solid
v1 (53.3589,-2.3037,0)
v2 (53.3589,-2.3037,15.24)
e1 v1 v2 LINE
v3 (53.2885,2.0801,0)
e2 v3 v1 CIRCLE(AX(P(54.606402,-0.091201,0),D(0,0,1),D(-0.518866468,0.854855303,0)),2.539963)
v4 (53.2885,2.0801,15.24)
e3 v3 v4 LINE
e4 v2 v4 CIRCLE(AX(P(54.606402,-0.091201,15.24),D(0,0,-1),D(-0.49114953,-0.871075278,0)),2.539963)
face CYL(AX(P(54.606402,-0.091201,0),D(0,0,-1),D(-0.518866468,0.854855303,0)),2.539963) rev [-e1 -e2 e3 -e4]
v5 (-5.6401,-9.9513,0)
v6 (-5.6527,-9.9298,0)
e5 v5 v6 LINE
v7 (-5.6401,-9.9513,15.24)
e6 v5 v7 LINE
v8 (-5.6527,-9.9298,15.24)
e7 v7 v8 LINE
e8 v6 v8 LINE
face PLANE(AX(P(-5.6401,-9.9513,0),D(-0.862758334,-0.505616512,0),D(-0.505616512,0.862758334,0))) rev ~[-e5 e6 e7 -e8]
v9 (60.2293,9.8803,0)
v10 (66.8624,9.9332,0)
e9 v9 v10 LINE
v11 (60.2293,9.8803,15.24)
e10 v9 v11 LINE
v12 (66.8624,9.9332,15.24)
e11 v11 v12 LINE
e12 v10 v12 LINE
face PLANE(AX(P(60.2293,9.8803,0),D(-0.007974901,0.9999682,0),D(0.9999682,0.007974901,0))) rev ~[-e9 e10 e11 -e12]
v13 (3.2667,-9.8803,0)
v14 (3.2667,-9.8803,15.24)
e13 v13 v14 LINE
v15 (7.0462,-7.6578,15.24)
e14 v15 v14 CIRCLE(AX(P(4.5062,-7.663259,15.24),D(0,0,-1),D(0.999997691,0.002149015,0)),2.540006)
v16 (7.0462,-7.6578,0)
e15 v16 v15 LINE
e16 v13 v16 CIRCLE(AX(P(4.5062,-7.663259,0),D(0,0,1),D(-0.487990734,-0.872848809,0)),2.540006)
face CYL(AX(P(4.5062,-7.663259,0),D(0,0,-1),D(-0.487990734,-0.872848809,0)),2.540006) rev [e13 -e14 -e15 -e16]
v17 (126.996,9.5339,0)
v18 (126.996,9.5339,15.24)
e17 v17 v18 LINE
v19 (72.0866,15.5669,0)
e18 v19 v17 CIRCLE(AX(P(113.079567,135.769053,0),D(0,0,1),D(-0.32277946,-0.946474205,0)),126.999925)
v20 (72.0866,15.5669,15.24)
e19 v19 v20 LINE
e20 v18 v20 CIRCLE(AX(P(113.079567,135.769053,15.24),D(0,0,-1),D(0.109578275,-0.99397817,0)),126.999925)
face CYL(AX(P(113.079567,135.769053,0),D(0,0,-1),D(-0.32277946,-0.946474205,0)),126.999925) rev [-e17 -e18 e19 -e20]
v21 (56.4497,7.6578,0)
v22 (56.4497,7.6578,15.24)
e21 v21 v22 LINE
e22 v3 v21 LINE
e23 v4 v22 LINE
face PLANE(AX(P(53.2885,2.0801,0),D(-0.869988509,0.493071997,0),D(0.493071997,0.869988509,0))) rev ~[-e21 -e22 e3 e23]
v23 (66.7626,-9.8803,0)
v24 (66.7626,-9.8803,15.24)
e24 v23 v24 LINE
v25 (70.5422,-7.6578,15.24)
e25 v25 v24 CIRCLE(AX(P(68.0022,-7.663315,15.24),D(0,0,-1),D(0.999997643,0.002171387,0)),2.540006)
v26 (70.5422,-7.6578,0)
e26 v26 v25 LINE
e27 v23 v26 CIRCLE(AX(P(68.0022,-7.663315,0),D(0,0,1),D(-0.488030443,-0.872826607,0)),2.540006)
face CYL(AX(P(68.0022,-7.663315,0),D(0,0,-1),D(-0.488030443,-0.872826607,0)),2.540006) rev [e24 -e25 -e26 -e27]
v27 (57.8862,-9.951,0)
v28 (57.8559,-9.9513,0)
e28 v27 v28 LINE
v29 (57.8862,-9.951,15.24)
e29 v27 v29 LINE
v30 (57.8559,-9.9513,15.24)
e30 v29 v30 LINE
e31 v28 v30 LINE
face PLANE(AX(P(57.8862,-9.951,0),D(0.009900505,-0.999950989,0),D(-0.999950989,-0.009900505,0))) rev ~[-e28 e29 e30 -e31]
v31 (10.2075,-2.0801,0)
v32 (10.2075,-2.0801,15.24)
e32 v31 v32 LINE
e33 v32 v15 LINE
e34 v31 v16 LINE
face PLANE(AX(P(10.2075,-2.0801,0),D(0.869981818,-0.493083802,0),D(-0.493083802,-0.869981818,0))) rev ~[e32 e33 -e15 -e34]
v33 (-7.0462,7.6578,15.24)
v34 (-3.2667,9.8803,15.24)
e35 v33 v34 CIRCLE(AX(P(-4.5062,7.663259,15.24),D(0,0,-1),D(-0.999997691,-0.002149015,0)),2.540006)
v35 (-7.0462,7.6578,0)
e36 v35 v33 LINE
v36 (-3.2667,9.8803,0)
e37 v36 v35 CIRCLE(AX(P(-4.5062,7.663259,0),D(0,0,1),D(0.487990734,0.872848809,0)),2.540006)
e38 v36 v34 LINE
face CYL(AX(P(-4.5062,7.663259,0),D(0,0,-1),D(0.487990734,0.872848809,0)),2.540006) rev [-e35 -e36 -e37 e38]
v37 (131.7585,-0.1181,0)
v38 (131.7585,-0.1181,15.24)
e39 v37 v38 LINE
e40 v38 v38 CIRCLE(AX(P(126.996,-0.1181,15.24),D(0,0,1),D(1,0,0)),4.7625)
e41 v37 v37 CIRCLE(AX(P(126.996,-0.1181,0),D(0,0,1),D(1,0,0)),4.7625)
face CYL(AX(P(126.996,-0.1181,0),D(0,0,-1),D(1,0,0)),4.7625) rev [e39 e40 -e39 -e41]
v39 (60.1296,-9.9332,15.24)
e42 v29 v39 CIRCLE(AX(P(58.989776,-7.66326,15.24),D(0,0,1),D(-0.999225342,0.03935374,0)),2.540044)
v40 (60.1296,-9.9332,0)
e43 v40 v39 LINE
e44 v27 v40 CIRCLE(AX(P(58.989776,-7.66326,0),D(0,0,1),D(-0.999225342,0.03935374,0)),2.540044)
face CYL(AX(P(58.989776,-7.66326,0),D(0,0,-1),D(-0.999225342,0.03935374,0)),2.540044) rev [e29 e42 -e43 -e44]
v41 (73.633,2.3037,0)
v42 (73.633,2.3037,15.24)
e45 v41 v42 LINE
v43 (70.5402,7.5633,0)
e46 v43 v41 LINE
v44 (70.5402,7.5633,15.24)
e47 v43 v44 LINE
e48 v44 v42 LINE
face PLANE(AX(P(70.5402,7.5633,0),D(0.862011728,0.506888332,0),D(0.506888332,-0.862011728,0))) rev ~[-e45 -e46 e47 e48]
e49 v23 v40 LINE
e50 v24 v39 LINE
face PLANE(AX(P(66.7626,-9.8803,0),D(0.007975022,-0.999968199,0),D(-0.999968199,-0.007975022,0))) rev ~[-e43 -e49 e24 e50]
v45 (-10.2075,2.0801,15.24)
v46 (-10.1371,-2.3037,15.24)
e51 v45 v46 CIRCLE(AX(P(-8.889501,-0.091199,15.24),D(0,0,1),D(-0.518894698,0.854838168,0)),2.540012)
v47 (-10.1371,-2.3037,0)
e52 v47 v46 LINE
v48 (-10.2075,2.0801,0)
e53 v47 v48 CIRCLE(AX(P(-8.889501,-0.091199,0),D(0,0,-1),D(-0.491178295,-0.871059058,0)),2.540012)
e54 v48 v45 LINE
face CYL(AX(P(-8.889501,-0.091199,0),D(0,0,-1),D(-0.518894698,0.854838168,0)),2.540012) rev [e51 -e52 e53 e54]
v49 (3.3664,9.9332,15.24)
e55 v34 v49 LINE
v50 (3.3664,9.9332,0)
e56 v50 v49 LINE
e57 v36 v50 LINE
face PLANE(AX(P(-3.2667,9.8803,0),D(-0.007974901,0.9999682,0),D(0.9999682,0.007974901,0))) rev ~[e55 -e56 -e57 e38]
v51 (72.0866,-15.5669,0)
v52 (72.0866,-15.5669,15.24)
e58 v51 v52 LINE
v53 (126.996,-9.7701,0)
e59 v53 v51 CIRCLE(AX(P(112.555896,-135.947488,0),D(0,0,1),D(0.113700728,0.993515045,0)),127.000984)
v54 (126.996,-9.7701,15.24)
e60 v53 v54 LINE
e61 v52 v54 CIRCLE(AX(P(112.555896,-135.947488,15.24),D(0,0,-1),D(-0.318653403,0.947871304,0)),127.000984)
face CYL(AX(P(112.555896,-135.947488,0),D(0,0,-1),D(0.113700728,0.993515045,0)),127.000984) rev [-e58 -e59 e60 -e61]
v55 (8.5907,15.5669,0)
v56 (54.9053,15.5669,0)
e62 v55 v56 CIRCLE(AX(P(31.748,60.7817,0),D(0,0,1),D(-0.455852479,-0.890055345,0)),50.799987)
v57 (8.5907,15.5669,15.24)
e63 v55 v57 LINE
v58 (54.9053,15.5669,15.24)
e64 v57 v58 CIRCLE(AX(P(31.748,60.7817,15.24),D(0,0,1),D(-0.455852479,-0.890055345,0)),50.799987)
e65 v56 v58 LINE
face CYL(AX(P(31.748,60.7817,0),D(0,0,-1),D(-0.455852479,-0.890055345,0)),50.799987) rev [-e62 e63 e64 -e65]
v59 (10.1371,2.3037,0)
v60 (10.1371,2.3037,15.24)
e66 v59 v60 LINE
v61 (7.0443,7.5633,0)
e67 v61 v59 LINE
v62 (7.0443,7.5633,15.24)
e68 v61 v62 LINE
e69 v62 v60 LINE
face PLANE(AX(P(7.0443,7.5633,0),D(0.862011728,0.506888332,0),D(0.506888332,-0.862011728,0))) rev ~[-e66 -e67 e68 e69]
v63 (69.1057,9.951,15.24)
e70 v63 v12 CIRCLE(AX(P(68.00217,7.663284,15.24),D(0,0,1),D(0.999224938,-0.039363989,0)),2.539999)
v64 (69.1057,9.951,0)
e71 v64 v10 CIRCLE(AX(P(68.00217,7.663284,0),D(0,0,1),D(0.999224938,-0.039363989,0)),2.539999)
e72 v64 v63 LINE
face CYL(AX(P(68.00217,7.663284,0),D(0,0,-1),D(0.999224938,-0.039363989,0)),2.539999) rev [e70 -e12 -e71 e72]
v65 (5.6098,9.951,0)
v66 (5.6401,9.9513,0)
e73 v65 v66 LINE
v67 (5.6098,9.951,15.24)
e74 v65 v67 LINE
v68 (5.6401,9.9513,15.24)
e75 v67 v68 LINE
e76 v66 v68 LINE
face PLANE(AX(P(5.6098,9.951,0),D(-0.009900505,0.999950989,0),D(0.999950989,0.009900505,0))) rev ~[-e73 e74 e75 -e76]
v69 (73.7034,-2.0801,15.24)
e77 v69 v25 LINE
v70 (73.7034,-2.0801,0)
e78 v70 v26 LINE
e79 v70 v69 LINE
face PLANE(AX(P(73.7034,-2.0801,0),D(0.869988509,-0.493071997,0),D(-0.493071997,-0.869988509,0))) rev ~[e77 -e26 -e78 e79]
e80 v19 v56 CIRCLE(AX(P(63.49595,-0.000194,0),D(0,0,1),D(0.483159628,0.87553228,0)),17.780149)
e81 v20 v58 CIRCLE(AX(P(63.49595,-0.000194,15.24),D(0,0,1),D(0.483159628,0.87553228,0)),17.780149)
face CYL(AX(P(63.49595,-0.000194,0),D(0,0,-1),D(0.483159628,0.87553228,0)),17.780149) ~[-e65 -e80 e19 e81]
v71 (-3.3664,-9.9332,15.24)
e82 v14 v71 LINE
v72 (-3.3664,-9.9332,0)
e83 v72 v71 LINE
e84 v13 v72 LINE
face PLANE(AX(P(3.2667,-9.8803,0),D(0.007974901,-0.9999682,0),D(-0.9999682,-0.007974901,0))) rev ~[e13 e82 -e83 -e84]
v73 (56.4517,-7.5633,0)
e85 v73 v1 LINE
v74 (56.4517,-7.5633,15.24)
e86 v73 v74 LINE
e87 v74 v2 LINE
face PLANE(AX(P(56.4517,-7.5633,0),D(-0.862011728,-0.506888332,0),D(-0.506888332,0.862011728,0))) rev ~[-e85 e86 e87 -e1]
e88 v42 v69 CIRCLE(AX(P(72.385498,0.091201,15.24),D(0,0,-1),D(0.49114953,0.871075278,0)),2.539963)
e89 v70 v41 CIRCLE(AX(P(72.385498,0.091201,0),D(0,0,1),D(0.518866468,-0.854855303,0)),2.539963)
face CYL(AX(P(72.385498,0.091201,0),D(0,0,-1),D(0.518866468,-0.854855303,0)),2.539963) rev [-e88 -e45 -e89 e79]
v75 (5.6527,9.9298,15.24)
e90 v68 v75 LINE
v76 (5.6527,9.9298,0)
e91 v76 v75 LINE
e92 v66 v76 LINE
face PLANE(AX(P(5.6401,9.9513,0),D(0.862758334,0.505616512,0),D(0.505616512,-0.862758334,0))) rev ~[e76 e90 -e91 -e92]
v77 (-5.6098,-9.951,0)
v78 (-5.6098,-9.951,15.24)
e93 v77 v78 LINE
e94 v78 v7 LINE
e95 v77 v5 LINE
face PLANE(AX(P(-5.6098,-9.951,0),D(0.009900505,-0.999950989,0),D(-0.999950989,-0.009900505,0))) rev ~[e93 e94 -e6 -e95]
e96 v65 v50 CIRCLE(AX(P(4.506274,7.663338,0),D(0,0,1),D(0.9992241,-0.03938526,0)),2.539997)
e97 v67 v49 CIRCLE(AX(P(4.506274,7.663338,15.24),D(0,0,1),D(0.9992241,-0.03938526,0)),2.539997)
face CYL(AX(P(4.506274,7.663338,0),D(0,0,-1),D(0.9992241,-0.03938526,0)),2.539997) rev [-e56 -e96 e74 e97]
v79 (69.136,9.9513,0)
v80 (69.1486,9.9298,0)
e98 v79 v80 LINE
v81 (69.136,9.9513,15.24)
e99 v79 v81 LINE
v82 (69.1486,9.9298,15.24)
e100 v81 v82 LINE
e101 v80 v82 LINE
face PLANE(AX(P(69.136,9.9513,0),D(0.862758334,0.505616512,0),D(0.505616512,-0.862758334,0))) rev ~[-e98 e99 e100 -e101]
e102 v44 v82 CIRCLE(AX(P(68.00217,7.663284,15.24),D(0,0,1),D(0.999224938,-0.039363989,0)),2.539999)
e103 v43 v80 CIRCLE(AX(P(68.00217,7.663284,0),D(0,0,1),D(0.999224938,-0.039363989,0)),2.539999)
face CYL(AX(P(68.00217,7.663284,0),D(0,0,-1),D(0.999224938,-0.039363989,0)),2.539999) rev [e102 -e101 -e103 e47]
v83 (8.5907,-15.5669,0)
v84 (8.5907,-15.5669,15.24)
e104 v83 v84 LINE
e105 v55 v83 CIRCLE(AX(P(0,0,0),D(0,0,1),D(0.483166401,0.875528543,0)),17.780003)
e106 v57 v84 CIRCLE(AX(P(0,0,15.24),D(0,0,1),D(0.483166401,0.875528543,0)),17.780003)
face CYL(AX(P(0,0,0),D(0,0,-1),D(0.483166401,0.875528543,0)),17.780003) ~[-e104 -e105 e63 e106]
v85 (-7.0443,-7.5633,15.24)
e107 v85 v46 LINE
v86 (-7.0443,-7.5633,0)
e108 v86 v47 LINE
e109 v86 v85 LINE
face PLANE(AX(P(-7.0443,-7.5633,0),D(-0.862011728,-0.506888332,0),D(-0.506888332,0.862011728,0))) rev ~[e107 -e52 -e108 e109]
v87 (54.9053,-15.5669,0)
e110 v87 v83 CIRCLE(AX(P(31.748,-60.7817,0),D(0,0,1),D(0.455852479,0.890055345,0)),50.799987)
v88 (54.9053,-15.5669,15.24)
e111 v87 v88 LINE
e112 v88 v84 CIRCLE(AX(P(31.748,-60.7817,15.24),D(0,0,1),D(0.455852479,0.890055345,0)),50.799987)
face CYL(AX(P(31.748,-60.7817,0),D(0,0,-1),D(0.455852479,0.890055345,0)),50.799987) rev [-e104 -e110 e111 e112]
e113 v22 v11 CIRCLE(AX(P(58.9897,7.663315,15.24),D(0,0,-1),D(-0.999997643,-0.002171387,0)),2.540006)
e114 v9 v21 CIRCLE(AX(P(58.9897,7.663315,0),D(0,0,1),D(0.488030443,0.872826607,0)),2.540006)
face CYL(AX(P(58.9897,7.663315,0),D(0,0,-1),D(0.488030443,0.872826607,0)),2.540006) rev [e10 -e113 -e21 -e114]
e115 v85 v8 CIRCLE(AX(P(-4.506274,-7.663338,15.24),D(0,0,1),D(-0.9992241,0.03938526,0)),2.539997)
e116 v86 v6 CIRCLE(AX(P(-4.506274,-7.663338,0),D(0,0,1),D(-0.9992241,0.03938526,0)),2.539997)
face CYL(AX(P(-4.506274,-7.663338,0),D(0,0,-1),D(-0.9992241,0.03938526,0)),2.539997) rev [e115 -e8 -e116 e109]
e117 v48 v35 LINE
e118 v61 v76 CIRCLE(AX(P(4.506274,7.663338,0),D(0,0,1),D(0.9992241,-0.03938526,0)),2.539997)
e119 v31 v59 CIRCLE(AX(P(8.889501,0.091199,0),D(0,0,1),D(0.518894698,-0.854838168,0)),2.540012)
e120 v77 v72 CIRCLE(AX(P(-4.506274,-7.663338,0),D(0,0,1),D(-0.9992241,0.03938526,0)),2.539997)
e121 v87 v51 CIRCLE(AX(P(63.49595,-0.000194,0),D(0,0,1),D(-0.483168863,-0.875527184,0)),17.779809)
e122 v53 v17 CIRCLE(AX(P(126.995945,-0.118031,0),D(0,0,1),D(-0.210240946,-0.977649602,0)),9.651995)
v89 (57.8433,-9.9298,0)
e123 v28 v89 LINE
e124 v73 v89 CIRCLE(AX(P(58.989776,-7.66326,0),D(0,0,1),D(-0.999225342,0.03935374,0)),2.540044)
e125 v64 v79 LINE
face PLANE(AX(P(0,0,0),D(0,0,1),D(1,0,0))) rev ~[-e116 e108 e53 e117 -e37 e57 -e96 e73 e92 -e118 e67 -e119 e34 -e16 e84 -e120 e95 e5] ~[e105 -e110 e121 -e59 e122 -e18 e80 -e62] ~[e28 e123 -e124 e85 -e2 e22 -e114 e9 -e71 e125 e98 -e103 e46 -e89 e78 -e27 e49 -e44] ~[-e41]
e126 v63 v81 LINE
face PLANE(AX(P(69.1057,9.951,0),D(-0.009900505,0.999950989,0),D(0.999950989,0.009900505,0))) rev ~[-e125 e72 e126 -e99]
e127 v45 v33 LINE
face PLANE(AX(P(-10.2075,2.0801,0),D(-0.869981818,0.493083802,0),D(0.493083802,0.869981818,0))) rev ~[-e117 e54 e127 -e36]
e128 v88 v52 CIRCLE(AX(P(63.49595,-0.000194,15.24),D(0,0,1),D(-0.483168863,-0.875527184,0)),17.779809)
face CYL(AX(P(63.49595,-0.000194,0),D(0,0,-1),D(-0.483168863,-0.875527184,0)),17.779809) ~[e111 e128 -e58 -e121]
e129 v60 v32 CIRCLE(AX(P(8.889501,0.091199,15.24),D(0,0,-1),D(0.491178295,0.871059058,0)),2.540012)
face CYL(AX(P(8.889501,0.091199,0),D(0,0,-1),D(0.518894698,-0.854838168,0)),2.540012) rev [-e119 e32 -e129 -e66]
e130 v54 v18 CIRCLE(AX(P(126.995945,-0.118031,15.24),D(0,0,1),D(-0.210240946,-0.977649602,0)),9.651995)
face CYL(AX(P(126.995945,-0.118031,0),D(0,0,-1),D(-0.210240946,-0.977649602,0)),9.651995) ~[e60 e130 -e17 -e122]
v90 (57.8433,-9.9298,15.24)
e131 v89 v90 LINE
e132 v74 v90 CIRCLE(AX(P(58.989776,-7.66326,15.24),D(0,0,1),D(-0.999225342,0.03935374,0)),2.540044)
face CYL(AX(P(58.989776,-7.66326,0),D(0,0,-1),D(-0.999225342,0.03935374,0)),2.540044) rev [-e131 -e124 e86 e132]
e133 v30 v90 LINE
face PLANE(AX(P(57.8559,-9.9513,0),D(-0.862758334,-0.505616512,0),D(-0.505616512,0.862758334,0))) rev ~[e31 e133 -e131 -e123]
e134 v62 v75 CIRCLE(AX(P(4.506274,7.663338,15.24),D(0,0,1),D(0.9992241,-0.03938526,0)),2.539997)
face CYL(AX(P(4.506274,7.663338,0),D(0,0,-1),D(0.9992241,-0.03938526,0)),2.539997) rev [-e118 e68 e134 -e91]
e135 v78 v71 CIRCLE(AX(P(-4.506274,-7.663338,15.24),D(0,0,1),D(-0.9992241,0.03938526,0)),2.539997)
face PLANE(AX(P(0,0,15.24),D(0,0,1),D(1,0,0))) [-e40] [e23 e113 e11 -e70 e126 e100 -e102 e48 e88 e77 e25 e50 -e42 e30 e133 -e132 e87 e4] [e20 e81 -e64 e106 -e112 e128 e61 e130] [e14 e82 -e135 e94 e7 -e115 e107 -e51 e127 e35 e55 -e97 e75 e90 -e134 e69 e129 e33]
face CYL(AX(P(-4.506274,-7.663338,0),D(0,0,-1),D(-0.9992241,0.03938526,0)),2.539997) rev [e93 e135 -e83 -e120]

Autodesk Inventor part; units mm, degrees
ref_plane "YZ Plane" through (0, 0, 0) normal (1, 0, 0) x (0, 1, 0)
ref_plane "XZ Plane" through (0, 0, 0) normal (0, 1, 0) x (-1, 0, 0)
ref_plane "XY Plane" through (0, 0, 0) normal (0, 0, 1) x (1, 0, 0)
sketch "Sketch1" plane through (0, 0, 0) normal (0, 0, 1) x (1, 0, 0)
  line L0 (-11.4295, -0.0912) -> (-11.4381, -0.0912)
  line L1 (-5.798, 9.8601) -> (-5.7937, 9.8528)
  line L2 (5.6401, 9.9513) -> (5.6341, 9.9392)
  line L3 (11.4381, 0.0912) -> (11.4295, 0.0912)
  line L4 (5.798, -9.8601) -> (5.7937, -9.8528)
  line L5 (-5.6401, -9.9513) -> (-5.6341, -9.9392)
  arc A0 (-3.2667, 9.8803) -> (-7.0462, 7.6578) centre (-4.5062, 7.6633) ccw
  arc A1 (7.0443, 7.5633) -> (3.3664, 9.9332) centre (4.5062, 7.6633) ccw
  arc A2 (10.2075, -2.0801) -> (10.1371, 2.3037) centre (8.8895, 0.0912) ccw
  arc A3 (3.2667, -9.8803) -> (7.0462, -7.6578) centre (4.5062, -7.6633) ccw
  arc A4 (-7.0443, -7.5633) -> (-3.3664, -9.9332) centre (-4.5062, -7.6633) ccw
  arc A5 (-10.2075, 2.0801) -> (-10.1371, -2.3037) centre (-8.8895, -0.0912) ccw
  line L6 (-11.4295, -0.1058) -> (-11.4381, -0.0912)
  line L7 (-11.4381, -0.0912) -> (-11.4295, -0.076)
  line L8 (-10.2075, 2.0801) -> (-7.0462, 7.6578)
  line L9 (-5.8064, 9.8453) -> (-5.798, 9.8601)
  line L10 (-5.798, 9.8601) -> (-5.781, 9.8602)
  line L11 (5.6401, 9.9513) -> (5.6527, 9.9298)
  line L12 (-3.2667, 9.8803) -> (3.3664, 9.9332)
  line L13 (5.6098, 9.951) -> (5.6401, 9.9513)
  line L14 (7.0443, 7.5633) -> (10.1371, 2.3037)
  line L15 (11.4295, 0.1058) -> (11.4381, 0.0912)
  line L16 (11.4381, 0.0912) -> (11.4295, 0.076)
  line L17 (10.2075, -2.0801) -> (7.0462, -7.6578)
  line L18 (5.8064, -9.8453) -> (5.798, -9.8601)
  line L19 (5.798, -9.8601) -> (5.781, -9.8602)
  line L20 (-5.6401, -9.9513) -> (-5.6527, -9.9298)
  line L21 (-7.0443, -7.5633) -> (-10.1371, -2.3037)
  line L22 (3.2667, -9.8803) -> (-3.3664, -9.9332)
  line L23 (-5.6098, -9.951) -> (-5.6401, -9.9513)
  arc A6 (8.5907, 15.5669) -> (8.5907, -15.5669) centre (0, 0) ccw
  line L24 (52.0664, -0.0912) -> (52.0579, -0.0912)
  line L25 (57.6979, 9.8601) -> (57.7022, 9.8528)
  line L26 (69.136, 9.9513) -> (69.13, 9.9392)
  line L27 (74.9341, 0.0912) -> (74.9255, 0.0912)
  line L28 (69.294, -9.8601) -> (69.2897, -9.8528)
  line L29 (57.8559, -9.9513) -> (57.8619, -9.9392)
  arc A7 (60.2293, 9.8803) -> (56.4497, 7.6578) centre (58.9897, 7.6633) ccw
  arc A8 (70.5402, 7.5633) -> (66.8624, 9.9332) centre (68.0022, 7.6633) ccw
  arc A9 (73.7034, -2.0801) -> (73.633, 2.3037) centre (72.3855, 0.0912) ccw
  arc A10 (66.7626, -9.8803) -> (70.5422, -7.6578) centre (68.0022, -7.6633) ccw
  arc A11 (56.4517, -7.5633) -> (60.1296, -9.9332) centre (58.9897, -7.6633) ccw
  arc A12 (53.2885, 2.0801) -> (53.3589, -2.3037) centre (54.6064, -0.0912) ccw
  line L30 (52.0665, -0.1058) -> (52.0579, -0.0912)
  line L31 (52.0579, -0.0912) -> (52.0665, -0.076)
  line L32 (53.2885, 2.0801) -> (56.4497, 7.6578)
  line L33 (57.6895, 9.8453) -> (57.6979, 9.8601)
  line L34 (57.6979, 9.8601) -> (57.7149, 9.8602)
  line L35 (69.136, 9.9513) -> (69.1486, 9.9298)
  line L36 (60.2293, 9.8803) -> (66.8624, 9.9332)
  line L37 (69.1057, 9.951) -> (69.136, 9.9513)
  line L38 (70.5402, 7.5633) -> (73.633, 2.3037)
  line L39 (74.9255, 0.1058) -> (74.9341, 0.0912)
  line L40 (74.9341, 0.0912) -> (74.9254, 0.076)
  line L41 (73.7034, -2.0801) -> (70.5422, -7.6578)
  line L42 (69.3024, -9.8453) -> (69.294, -9.8601)
  line L43 (69.294, -9.8601) -> (69.277, -9.8602)
  line L44 (57.8559, -9.9513) -> (57.8433, -9.9298)
  line L45 (56.4517, -7.5633) -> (53.3589, -2.3037)
  line L46 (66.7626, -9.8803) -> (60.1296, -9.9332)
  line L47 (57.8862, -9.951) -> (57.8559, -9.9513)
  circle A13 centre (126.996, -0.1181) radius 4.7625
  arc A14 (124.9667, -9.5543) -> (125.0395, 9.3336) centre (126.996, -0.1181) ccw
  arc A15 (72.0866, 15.5669) -> (126.996, 9.5339) centre (113.0796, 135.7692) ccw
  arc A16 (126.996, -9.7701) -> (72.0866, -15.5669) centre (112.5559, -135.9465) ccw
  arc A17 (54.9053, -15.5669) -> (8.5907, -15.5669) centre (31.748, -60.7817) ccw
  arc A18 (8.5907, 15.5669) -> (54.9053, 15.5669) centre (31.748, 60.7817) ccw
  arc A19 (54.9053, -15.5669) -> (72.0866, -15.5669) centre (63.496, 0) ccw
  arc A20 (72.0866, 15.5669) -> (54.9053, 15.5669) centre (63.496, 0) ccw
  dimension "d19" = 9.525
  dimension "d21" = 19.304
  dimension "d22" = 127
  dimension "d23" = 127
  dimension "d24" = 50.8
  dimension "d25" = 50.8
extrude "Extrusion1" add sketch "Sketch1" along normal blind 15.24 contours A5 L6 L0 | L0 L7 A5 | L9 L1 A0 | L1 L10 A0 | A3 L4 L19 | A3 L18 L4 | L15 L3 A2 | A2 L3 L16 | A18 A20 A15 A14 A16 A19 A17 A6 | A12 L30 L24 | L24 L31 A12 | L33 L25 A7 | L25 L34 A7 | A10 L28 L43 | A10 L42 L28 | L39 L27 A9 | A9 L27 L40
properties part number "JB_CAD_FinalPt1"
